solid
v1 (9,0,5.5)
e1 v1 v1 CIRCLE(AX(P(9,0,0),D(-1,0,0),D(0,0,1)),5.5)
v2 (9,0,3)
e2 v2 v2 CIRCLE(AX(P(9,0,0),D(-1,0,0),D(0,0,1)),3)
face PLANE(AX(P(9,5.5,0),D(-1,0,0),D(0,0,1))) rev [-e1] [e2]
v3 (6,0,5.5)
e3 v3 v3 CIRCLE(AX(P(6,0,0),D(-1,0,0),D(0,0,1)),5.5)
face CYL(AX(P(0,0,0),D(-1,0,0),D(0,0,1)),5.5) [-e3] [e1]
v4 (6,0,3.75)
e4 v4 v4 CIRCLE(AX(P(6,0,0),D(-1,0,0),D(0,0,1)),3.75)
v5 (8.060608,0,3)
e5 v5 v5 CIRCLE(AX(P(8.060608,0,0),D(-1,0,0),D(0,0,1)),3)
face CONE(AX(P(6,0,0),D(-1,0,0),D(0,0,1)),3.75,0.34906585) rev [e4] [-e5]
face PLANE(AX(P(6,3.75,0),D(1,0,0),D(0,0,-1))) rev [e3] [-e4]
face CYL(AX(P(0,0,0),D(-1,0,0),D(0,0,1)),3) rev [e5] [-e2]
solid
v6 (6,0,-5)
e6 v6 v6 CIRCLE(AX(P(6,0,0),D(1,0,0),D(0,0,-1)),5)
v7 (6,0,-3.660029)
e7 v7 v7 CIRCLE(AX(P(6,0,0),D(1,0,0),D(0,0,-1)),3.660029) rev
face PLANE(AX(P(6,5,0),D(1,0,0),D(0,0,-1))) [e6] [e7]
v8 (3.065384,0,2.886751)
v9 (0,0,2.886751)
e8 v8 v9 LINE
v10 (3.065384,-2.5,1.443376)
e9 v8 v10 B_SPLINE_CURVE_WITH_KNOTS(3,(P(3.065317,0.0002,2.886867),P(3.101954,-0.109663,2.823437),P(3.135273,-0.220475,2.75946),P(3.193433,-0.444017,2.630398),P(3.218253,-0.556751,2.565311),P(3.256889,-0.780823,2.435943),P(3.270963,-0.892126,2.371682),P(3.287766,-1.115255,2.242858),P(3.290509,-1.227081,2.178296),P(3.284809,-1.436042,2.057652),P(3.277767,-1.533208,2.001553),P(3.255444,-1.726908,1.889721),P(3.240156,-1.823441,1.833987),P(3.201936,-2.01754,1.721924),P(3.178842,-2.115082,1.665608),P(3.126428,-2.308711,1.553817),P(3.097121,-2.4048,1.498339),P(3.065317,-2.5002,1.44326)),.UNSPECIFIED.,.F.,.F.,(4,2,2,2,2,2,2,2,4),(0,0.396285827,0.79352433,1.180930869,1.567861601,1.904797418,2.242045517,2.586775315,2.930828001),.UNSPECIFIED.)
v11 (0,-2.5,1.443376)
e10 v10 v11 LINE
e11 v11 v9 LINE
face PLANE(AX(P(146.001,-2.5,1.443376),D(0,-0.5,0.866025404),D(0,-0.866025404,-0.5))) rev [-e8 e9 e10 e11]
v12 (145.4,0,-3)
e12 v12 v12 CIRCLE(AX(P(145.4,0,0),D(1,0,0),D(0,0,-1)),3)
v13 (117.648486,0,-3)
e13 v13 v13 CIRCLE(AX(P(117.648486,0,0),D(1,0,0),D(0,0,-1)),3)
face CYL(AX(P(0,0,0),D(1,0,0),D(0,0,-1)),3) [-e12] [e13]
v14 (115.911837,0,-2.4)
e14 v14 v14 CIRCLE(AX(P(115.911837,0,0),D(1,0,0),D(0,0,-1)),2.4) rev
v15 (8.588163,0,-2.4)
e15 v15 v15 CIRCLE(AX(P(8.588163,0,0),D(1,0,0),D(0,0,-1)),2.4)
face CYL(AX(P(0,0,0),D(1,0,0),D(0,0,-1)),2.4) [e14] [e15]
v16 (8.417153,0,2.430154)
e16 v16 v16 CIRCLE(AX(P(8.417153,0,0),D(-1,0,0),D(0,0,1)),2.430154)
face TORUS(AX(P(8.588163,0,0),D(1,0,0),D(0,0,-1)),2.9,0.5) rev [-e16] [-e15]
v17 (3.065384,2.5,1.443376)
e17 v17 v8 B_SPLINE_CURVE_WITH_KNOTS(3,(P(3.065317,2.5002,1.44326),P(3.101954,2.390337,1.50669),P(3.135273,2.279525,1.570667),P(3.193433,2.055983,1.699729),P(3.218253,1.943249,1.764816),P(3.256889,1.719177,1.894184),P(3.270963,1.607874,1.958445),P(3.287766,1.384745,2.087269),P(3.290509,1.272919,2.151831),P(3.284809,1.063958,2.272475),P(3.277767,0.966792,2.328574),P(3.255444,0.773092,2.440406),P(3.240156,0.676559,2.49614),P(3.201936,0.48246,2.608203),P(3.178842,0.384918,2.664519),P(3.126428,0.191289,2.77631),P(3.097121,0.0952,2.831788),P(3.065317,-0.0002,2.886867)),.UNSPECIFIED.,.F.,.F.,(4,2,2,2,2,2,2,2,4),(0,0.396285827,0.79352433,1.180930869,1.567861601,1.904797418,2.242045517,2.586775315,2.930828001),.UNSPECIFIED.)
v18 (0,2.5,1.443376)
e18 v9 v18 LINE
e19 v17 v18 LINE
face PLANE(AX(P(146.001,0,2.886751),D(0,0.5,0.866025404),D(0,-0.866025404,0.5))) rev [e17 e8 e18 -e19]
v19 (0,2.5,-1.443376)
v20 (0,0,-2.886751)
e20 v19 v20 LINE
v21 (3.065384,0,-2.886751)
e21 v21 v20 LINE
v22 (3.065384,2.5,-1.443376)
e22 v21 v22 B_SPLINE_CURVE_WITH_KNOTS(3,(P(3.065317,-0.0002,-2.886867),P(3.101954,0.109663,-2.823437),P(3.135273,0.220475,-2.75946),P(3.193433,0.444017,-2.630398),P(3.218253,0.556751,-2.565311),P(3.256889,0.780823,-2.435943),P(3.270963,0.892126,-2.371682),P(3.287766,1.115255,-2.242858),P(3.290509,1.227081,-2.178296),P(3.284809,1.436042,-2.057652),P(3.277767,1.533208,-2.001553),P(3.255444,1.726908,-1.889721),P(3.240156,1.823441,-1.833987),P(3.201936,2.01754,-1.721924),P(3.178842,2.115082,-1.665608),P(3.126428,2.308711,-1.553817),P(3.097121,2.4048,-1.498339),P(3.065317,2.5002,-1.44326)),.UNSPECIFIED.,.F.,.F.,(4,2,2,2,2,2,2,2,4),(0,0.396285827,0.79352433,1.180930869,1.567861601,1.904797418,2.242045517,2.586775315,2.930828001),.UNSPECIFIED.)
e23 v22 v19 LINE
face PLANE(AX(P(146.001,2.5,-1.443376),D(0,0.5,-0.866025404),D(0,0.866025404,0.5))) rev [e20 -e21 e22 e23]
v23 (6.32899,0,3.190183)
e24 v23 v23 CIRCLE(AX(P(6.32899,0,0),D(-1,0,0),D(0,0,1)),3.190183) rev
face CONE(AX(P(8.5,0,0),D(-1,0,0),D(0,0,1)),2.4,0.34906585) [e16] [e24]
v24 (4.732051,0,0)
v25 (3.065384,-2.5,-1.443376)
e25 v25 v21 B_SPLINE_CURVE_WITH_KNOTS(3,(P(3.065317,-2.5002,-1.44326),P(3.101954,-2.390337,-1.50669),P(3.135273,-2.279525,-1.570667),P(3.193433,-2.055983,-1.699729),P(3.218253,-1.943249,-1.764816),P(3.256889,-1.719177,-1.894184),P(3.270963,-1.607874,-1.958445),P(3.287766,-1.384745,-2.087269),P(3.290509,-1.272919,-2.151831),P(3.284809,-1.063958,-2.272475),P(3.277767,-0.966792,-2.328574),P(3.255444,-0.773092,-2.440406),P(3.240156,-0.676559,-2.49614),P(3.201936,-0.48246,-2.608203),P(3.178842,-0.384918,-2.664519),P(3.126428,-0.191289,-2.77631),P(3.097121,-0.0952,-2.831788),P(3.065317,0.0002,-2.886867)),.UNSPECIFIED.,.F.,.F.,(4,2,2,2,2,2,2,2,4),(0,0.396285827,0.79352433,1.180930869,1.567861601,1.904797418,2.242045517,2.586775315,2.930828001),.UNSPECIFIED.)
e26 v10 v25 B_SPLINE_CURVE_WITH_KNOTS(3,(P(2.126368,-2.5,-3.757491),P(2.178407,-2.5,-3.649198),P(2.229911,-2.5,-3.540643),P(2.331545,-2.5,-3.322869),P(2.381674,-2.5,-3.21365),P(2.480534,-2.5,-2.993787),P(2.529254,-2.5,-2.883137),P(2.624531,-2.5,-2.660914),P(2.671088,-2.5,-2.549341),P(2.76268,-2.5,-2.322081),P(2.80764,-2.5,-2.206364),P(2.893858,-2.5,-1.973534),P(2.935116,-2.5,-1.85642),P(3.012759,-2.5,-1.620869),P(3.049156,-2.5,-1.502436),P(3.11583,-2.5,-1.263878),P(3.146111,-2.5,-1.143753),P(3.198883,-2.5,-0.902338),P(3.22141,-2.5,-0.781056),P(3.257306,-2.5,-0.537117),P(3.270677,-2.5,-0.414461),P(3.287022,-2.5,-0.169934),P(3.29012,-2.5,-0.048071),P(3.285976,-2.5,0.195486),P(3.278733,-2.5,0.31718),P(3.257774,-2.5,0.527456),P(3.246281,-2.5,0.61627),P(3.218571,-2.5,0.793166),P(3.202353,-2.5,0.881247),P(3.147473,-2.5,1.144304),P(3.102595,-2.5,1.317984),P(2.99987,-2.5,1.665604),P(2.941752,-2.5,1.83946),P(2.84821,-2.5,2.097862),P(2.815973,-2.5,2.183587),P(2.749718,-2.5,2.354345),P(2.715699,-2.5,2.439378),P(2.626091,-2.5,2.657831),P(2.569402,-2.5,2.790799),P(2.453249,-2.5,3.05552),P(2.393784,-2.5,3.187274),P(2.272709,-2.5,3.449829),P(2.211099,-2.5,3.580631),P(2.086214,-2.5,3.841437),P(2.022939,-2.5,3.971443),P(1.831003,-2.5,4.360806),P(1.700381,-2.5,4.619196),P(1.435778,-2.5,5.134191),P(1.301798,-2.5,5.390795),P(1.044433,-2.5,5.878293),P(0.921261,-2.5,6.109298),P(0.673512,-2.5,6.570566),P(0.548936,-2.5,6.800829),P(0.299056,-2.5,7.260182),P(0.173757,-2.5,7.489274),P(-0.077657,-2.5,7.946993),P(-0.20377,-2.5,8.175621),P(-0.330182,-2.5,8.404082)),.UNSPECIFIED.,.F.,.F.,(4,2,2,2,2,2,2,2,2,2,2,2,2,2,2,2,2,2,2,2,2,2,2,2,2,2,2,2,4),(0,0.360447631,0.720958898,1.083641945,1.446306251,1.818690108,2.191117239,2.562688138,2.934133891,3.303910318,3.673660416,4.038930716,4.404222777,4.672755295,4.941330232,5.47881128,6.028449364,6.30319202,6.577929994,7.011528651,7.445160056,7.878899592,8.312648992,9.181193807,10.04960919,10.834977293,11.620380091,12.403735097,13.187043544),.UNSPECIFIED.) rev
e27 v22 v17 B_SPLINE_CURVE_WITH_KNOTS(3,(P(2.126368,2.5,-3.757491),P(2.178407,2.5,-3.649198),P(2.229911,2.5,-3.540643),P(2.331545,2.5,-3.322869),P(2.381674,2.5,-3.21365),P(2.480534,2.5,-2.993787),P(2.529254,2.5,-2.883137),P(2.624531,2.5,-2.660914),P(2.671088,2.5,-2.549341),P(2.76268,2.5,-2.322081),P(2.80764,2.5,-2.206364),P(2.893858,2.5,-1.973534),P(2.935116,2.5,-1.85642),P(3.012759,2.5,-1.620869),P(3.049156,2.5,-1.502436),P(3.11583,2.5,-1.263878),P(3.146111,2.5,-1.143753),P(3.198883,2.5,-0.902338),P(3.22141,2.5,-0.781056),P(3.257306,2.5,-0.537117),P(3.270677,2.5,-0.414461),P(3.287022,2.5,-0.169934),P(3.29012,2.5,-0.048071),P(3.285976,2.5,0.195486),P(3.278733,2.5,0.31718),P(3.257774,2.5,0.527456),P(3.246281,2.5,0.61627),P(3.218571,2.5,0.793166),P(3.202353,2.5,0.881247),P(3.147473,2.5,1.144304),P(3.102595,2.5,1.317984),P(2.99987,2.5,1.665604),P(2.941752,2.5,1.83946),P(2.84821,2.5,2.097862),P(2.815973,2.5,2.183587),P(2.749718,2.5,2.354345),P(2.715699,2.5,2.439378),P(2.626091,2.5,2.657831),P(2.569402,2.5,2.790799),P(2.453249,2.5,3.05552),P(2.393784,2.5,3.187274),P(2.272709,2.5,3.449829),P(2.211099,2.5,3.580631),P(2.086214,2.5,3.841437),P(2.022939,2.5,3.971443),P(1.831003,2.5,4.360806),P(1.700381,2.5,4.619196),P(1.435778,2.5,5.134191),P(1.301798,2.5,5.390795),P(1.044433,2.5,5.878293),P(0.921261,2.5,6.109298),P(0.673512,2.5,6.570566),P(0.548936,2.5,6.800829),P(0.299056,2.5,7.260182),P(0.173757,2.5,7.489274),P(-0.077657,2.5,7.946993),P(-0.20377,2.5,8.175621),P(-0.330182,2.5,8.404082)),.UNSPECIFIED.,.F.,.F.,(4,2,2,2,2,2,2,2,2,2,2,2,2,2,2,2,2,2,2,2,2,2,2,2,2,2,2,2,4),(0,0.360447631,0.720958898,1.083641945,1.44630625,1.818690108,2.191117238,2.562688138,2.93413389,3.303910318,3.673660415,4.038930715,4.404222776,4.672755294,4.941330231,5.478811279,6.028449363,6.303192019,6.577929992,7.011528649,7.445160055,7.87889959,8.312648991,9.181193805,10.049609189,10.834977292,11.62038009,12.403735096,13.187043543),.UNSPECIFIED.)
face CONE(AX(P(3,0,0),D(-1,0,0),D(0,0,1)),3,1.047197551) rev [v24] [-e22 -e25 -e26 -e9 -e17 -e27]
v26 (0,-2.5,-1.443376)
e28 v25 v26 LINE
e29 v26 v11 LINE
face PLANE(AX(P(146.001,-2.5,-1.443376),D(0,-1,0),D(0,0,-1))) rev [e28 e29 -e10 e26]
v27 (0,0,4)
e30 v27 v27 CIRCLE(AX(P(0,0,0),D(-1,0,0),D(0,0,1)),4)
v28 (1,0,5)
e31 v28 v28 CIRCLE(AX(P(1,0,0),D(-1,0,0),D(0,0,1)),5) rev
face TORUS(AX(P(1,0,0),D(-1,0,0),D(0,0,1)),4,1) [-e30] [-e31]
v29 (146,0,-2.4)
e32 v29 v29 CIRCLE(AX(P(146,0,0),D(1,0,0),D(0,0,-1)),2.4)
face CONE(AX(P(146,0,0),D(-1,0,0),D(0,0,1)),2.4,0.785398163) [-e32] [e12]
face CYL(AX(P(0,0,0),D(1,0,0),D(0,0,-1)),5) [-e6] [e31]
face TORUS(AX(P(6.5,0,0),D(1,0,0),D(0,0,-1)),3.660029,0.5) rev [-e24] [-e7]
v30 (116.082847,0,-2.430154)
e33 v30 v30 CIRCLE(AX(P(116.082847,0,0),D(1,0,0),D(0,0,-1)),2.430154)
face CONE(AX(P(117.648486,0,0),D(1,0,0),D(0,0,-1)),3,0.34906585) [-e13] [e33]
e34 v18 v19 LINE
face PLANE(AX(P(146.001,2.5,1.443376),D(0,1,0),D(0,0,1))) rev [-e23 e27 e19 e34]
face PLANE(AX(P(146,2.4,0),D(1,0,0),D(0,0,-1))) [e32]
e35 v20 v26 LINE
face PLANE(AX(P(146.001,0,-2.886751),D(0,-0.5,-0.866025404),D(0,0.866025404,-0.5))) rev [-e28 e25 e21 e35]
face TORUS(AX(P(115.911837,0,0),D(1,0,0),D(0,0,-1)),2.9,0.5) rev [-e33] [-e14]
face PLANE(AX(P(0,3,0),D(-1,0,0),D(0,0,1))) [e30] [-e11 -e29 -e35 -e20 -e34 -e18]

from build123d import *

# Parameters (mm, degrees)
AUFSATZ_LINEAR_AUSTRAGEN1_REACH = 148.171
SKIZZE2_R                       = 3
VERRUNDUNG1_R                   = 1
VERRUNDUNG2_R                   = 0.5


with BuildPart() as part:
    # Skizze1 → Rotation1 (revolve)
    with BuildSketch(Plane.XY, mode=Mode.PRIVATE) as rotation1_sk:
        Polygon((0, 5), (6, 5), (6, 3.309925586), (8.5, 2.4), (116, 2.4), (117.648486452, 3), (145.4, 3), (146, 2.4), (146, 0), (4.732050808, 0), (3, 3), (0, 3), align=None)
    revolve(rotation1_sk.sketch.rotate(Axis((0, 0, 0), (-1, 0, 0)), 90), axis=Axis((0, 0, 0), (-1, 0, 0)))

    # Aufsatz-Linear austragen1: up to this cone (the profile starts inside it)
    aufsatz_linear_austragen1_end = Plane(origin=(0, 0, 0), z_dir=(-1, 0, 0)).offset(-4.732049808) * Cone(1.732e-06, 279.898030457, 161.59920223, align=(Align.CENTER, Align.CENTER, Align.MIN), mode=Mode.PRIVATE)
    # Skizze2 → Aufsatz-Linear austragen1 (add, up to the surface)
    with BuildSketch(Plane.ZY, mode=Mode.PRIVATE) as aufsatz_linear_austragen1_sk1:
        with Locations(Location((0, 0, 0), (0, 0, 180))):
            Circle(SKIZZE2_R)
        Polygon((-2.886751346, 0), (-1.443375673, -2.5), (1.443375673, -2.5), (2.886751346, 0), (1.443375673, 2.5), (-1.443375673, 2.5), align=None, mode=Mode.SUBTRACT)
    aufsatz_linear_austragen1_tool1 = extrude(aufsatz_linear_austragen1_sk1.sketch, amount=-AUFSATZ_LINEAR_AUSTRAGEN1_REACH, mode=Mode.PRIVATE) & aufsatz_linear_austragen1_end
    add(aufsatz_linear_austragen1_tool1.solids().sort_by_distance((0, 0, 2.915147))[0])

    # Verrundung1
    verrundung1_edges = [part.edges().sort_by_distance(p)[0] for p in [
        (0, 0, 5),
    ]]
    fillet(verrundung1_edges, radius=VERRUNDUNG1_R)

    # Verrundung2
    verrundung2_edges = [part.edges().sort_by_distance(p)[0] for p in [
        (116, 0, 2.4),
        (8.5, 0, 2.4),
        (6, 0, 3.309925586),
    ]]
    fillet(verrundung2_edges, radius=VERRUNDUNG2_R)


with BuildPart() as body_2:
    # Skizze3 → Rotation2 (revolve)
    with BuildSketch(Plane.XY, mode=Mode.PRIVATE) as rotation2_sk:
        Polygon((6, 5.5), (9, 5.5), (9, 3), (8.060608065, 3), (6, 3.75), align=None)
    revolve(rotation2_sk.sketch.rotate(Axis((0, 0, 0), (1, 0, 0)), 90), axis=Axis((0, 0, 0), (1, 0, 0)))


solid = Compound([part.part, body_2.part])
